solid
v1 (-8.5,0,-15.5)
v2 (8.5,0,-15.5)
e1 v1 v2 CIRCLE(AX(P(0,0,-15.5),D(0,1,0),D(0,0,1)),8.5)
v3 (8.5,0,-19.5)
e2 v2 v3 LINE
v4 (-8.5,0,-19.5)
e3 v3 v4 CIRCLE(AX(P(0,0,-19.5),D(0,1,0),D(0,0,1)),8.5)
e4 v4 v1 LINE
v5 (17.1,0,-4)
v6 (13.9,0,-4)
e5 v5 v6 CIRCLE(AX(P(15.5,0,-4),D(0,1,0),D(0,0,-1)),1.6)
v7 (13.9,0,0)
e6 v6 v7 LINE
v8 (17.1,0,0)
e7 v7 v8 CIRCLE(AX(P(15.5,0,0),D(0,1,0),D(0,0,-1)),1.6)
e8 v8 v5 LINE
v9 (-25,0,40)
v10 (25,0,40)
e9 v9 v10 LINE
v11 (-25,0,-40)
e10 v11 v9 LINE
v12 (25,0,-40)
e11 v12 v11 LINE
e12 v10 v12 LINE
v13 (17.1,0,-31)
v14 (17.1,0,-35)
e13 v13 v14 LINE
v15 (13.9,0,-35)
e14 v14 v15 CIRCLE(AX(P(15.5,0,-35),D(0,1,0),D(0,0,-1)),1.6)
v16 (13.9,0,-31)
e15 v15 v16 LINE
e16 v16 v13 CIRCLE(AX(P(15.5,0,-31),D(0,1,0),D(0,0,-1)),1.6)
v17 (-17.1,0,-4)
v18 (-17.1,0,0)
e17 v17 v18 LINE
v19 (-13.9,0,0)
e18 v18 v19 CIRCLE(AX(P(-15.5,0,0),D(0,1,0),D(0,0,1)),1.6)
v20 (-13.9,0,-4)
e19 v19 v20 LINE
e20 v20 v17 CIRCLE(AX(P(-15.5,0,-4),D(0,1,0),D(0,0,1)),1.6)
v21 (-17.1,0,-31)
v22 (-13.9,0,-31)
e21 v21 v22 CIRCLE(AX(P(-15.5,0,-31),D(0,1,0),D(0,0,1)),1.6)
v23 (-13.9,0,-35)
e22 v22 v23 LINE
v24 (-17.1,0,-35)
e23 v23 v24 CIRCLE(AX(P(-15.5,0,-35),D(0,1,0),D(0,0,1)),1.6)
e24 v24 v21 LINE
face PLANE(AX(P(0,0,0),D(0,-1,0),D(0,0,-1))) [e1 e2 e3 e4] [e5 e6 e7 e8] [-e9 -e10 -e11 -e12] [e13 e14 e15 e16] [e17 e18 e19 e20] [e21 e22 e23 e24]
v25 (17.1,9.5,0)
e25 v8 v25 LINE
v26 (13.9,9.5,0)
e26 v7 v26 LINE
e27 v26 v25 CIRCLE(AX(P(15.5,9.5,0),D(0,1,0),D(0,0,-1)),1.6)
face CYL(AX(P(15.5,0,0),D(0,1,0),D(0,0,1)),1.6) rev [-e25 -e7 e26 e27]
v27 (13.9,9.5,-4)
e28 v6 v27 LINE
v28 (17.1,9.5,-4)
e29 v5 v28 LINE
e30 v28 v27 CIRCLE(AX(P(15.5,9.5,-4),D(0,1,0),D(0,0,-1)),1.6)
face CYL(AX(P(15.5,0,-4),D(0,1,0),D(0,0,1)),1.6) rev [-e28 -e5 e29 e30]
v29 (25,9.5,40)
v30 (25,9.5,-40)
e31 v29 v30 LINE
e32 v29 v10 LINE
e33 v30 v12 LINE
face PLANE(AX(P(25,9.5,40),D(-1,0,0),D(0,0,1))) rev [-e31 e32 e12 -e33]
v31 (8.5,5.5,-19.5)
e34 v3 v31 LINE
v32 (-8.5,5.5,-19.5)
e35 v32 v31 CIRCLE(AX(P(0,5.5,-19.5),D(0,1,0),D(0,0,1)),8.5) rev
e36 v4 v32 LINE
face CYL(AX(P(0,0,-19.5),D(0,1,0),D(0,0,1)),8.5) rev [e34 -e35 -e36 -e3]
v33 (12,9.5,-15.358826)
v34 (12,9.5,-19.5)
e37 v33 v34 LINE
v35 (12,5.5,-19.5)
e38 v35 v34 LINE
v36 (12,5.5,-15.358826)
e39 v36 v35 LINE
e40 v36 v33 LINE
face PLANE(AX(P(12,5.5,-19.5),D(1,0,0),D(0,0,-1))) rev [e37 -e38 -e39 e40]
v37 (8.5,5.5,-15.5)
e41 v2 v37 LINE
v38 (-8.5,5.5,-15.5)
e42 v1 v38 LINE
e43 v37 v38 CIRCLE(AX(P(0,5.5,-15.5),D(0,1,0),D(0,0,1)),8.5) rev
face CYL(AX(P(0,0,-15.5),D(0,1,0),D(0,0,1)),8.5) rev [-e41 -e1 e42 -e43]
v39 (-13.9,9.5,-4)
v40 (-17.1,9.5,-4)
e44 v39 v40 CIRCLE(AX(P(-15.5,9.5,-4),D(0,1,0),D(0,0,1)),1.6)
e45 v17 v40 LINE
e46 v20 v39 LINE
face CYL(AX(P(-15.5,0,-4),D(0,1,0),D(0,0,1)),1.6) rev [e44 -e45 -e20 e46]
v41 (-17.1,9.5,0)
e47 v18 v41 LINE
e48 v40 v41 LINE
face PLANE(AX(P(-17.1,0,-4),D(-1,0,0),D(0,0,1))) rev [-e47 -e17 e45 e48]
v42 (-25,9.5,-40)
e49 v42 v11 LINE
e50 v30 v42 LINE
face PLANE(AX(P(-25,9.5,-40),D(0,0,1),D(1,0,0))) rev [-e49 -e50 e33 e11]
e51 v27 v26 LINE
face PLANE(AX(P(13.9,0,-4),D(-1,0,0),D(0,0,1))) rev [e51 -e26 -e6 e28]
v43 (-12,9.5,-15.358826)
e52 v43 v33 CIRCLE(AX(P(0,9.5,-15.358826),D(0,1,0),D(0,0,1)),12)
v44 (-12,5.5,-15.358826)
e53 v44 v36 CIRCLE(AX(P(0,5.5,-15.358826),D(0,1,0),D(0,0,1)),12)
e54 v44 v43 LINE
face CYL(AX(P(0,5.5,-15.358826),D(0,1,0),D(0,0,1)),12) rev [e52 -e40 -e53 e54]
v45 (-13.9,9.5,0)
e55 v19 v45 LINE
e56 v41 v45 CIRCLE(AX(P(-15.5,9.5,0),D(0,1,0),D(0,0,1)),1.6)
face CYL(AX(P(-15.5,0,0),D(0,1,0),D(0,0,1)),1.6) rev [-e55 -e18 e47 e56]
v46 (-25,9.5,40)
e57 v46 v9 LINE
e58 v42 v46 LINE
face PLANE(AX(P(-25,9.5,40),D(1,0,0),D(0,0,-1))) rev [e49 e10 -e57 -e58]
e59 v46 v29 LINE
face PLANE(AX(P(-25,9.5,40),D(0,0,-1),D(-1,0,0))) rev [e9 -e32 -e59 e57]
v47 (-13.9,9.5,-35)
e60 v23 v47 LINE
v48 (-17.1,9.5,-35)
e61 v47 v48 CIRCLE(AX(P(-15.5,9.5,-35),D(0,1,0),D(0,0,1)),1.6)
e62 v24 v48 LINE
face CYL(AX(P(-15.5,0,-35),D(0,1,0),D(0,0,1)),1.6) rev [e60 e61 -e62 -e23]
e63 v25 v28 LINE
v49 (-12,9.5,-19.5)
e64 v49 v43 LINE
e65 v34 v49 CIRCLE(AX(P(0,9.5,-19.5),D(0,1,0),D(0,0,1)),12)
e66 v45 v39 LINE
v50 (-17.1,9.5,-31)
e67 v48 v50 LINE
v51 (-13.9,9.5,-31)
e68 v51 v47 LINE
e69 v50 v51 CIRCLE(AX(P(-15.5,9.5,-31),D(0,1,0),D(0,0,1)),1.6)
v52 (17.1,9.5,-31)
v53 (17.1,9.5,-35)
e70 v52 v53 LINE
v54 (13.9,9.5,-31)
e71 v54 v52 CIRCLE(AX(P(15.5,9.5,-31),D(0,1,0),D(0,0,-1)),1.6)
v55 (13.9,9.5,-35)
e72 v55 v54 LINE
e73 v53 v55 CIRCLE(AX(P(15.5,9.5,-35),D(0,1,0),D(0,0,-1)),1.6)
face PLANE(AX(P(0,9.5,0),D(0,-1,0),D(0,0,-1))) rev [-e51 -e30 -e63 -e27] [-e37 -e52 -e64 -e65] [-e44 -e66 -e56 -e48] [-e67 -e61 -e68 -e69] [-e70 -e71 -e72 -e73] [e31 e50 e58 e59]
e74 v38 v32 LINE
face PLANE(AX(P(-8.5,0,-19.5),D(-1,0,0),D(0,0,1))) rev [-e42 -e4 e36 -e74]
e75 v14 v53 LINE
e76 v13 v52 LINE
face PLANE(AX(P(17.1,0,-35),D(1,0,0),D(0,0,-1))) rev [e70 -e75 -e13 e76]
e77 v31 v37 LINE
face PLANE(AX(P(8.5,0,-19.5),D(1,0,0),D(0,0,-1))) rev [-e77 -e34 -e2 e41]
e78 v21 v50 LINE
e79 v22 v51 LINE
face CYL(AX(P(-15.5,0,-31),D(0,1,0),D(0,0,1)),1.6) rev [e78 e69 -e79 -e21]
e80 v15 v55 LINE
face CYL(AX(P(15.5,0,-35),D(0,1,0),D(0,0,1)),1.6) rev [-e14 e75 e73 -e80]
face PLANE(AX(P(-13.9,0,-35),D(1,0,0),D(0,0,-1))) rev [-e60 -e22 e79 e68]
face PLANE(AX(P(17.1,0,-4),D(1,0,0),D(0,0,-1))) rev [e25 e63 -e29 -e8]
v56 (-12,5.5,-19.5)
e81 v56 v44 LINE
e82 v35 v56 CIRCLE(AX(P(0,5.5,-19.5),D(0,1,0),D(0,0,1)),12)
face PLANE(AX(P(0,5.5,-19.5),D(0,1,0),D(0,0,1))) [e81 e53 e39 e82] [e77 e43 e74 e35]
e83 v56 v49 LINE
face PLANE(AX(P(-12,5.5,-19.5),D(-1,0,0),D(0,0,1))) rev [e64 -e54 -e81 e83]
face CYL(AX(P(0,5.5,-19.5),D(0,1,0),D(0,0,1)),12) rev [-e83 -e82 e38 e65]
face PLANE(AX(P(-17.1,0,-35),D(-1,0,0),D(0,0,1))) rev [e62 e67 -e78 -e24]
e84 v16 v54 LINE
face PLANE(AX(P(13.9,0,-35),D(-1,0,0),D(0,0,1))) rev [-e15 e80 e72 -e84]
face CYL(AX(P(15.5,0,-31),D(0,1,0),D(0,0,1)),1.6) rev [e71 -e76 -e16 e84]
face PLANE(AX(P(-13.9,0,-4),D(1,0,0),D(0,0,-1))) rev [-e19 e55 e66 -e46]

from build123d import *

# Parameters (mm, degrees)
SKETCH1_W           = 50
SKETCH1_H           = 80
BOSS_EXTRUDE1_DEPTH = 9.5
CUT_EXTRUDE1_DEPTH  = 10.5
CUT_EXTRUDE2_DEPTH  = 4


with BuildPart() as part:
    # Sketch1 → Boss-Extrude1 (new body)
    with BuildSketch(Plane(origin=(0, 0, 0), x_dir=(1, 0, 0), z_dir=(0, 1, 0))):
        Rectangle(SKETCH1_W, SKETCH1_H)
    extrude(amount=BOSS_EXTRUDE1_DEPTH)

    # Sketch2 → Cut-Extrude1 (cut, through all)
    with BuildSketch(Plane(origin=(0, 9.5, 0), x_dir=(1, 0, 0), z_dir=(0, 1, 0))):
        with BuildLine():
            Line((-13.9, 35), (-13.9, 31))
            ThreePointArc((-13.9, 31), (-15.5, 29.4), (-17.1, 31))
            Line((-17.1, 31), (-17.1, 35))
            ThreePointArc((-17.1, 35), (-15.5, 36.6), (-13.9, 35))
        make_face()
        with BuildLine():
            Line((13.9, 35), (13.9, 31))
            ThreePointArc((13.9, 31), (15.5, 29.4), (17.1, 31))
            Line((17.1, 31), (17.1, 35))
            ThreePointArc((17.1, 35), (15.5, 36.6), (13.9, 35))
        make_face()
        with BuildLine():
            Line((-13.9, 4), (-13.9, 0))
            ThreePointArc((-13.9, 0), (-15.5, -1.6), (-17.1, 0))
            Line((-17.1, 0), (-17.1, 4))
            ThreePointArc((-17.1, 4), (-15.5, 5.6), (-13.9, 4))
        make_face()
        with BuildLine():
            Line((13.9, 4), (13.9, 0))
            ThreePointArc((13.9, 0), (15.5, -1.6), (17.1, 0))
            Line((17.1, 0), (17.1, 4))
            ThreePointArc((17.1, 4), (15.5, 5.6), (13.9, 4))
        make_face()
        with BuildLine():
            Line((8.5, 19.5), (8.5, 15.5))
            ThreePointArc((8.5, 15.5), (0, 7), (-8.5, 15.5))
            Line((-8.5, 15.5), (-8.5, 19.5))
            ThreePointArc((-8.5, 19.5), (0, 28), (8.5, 19.5))
        make_face()
    extrude(amount=-CUT_EXTRUDE1_DEPTH, mode=Mode.SUBTRACT)

    # Sketch3 → Cut-Extrude2 (cut)
    with BuildSketch(Plane(origin=(0, 9.5, 0), x_dir=(1, 0, 0), z_dir=(0, 1, 0))):
        with BuildLine():
            Line((12, 19.5), (12, 15.358826141))
            ThreePointArc((12, 15.358826141), (0, 3.358826141), (-12, 15.358826141))
            Line((-12, 15.358826141), (-12, 19.5))
            ThreePointArc((-12, 19.5), (0, 31.5), (12, 19.5))
        make_face()
    extrude(amount=-CUT_EXTRUDE2_DEPTH, mode=Mode.SUBTRACT)


solid = part.part
